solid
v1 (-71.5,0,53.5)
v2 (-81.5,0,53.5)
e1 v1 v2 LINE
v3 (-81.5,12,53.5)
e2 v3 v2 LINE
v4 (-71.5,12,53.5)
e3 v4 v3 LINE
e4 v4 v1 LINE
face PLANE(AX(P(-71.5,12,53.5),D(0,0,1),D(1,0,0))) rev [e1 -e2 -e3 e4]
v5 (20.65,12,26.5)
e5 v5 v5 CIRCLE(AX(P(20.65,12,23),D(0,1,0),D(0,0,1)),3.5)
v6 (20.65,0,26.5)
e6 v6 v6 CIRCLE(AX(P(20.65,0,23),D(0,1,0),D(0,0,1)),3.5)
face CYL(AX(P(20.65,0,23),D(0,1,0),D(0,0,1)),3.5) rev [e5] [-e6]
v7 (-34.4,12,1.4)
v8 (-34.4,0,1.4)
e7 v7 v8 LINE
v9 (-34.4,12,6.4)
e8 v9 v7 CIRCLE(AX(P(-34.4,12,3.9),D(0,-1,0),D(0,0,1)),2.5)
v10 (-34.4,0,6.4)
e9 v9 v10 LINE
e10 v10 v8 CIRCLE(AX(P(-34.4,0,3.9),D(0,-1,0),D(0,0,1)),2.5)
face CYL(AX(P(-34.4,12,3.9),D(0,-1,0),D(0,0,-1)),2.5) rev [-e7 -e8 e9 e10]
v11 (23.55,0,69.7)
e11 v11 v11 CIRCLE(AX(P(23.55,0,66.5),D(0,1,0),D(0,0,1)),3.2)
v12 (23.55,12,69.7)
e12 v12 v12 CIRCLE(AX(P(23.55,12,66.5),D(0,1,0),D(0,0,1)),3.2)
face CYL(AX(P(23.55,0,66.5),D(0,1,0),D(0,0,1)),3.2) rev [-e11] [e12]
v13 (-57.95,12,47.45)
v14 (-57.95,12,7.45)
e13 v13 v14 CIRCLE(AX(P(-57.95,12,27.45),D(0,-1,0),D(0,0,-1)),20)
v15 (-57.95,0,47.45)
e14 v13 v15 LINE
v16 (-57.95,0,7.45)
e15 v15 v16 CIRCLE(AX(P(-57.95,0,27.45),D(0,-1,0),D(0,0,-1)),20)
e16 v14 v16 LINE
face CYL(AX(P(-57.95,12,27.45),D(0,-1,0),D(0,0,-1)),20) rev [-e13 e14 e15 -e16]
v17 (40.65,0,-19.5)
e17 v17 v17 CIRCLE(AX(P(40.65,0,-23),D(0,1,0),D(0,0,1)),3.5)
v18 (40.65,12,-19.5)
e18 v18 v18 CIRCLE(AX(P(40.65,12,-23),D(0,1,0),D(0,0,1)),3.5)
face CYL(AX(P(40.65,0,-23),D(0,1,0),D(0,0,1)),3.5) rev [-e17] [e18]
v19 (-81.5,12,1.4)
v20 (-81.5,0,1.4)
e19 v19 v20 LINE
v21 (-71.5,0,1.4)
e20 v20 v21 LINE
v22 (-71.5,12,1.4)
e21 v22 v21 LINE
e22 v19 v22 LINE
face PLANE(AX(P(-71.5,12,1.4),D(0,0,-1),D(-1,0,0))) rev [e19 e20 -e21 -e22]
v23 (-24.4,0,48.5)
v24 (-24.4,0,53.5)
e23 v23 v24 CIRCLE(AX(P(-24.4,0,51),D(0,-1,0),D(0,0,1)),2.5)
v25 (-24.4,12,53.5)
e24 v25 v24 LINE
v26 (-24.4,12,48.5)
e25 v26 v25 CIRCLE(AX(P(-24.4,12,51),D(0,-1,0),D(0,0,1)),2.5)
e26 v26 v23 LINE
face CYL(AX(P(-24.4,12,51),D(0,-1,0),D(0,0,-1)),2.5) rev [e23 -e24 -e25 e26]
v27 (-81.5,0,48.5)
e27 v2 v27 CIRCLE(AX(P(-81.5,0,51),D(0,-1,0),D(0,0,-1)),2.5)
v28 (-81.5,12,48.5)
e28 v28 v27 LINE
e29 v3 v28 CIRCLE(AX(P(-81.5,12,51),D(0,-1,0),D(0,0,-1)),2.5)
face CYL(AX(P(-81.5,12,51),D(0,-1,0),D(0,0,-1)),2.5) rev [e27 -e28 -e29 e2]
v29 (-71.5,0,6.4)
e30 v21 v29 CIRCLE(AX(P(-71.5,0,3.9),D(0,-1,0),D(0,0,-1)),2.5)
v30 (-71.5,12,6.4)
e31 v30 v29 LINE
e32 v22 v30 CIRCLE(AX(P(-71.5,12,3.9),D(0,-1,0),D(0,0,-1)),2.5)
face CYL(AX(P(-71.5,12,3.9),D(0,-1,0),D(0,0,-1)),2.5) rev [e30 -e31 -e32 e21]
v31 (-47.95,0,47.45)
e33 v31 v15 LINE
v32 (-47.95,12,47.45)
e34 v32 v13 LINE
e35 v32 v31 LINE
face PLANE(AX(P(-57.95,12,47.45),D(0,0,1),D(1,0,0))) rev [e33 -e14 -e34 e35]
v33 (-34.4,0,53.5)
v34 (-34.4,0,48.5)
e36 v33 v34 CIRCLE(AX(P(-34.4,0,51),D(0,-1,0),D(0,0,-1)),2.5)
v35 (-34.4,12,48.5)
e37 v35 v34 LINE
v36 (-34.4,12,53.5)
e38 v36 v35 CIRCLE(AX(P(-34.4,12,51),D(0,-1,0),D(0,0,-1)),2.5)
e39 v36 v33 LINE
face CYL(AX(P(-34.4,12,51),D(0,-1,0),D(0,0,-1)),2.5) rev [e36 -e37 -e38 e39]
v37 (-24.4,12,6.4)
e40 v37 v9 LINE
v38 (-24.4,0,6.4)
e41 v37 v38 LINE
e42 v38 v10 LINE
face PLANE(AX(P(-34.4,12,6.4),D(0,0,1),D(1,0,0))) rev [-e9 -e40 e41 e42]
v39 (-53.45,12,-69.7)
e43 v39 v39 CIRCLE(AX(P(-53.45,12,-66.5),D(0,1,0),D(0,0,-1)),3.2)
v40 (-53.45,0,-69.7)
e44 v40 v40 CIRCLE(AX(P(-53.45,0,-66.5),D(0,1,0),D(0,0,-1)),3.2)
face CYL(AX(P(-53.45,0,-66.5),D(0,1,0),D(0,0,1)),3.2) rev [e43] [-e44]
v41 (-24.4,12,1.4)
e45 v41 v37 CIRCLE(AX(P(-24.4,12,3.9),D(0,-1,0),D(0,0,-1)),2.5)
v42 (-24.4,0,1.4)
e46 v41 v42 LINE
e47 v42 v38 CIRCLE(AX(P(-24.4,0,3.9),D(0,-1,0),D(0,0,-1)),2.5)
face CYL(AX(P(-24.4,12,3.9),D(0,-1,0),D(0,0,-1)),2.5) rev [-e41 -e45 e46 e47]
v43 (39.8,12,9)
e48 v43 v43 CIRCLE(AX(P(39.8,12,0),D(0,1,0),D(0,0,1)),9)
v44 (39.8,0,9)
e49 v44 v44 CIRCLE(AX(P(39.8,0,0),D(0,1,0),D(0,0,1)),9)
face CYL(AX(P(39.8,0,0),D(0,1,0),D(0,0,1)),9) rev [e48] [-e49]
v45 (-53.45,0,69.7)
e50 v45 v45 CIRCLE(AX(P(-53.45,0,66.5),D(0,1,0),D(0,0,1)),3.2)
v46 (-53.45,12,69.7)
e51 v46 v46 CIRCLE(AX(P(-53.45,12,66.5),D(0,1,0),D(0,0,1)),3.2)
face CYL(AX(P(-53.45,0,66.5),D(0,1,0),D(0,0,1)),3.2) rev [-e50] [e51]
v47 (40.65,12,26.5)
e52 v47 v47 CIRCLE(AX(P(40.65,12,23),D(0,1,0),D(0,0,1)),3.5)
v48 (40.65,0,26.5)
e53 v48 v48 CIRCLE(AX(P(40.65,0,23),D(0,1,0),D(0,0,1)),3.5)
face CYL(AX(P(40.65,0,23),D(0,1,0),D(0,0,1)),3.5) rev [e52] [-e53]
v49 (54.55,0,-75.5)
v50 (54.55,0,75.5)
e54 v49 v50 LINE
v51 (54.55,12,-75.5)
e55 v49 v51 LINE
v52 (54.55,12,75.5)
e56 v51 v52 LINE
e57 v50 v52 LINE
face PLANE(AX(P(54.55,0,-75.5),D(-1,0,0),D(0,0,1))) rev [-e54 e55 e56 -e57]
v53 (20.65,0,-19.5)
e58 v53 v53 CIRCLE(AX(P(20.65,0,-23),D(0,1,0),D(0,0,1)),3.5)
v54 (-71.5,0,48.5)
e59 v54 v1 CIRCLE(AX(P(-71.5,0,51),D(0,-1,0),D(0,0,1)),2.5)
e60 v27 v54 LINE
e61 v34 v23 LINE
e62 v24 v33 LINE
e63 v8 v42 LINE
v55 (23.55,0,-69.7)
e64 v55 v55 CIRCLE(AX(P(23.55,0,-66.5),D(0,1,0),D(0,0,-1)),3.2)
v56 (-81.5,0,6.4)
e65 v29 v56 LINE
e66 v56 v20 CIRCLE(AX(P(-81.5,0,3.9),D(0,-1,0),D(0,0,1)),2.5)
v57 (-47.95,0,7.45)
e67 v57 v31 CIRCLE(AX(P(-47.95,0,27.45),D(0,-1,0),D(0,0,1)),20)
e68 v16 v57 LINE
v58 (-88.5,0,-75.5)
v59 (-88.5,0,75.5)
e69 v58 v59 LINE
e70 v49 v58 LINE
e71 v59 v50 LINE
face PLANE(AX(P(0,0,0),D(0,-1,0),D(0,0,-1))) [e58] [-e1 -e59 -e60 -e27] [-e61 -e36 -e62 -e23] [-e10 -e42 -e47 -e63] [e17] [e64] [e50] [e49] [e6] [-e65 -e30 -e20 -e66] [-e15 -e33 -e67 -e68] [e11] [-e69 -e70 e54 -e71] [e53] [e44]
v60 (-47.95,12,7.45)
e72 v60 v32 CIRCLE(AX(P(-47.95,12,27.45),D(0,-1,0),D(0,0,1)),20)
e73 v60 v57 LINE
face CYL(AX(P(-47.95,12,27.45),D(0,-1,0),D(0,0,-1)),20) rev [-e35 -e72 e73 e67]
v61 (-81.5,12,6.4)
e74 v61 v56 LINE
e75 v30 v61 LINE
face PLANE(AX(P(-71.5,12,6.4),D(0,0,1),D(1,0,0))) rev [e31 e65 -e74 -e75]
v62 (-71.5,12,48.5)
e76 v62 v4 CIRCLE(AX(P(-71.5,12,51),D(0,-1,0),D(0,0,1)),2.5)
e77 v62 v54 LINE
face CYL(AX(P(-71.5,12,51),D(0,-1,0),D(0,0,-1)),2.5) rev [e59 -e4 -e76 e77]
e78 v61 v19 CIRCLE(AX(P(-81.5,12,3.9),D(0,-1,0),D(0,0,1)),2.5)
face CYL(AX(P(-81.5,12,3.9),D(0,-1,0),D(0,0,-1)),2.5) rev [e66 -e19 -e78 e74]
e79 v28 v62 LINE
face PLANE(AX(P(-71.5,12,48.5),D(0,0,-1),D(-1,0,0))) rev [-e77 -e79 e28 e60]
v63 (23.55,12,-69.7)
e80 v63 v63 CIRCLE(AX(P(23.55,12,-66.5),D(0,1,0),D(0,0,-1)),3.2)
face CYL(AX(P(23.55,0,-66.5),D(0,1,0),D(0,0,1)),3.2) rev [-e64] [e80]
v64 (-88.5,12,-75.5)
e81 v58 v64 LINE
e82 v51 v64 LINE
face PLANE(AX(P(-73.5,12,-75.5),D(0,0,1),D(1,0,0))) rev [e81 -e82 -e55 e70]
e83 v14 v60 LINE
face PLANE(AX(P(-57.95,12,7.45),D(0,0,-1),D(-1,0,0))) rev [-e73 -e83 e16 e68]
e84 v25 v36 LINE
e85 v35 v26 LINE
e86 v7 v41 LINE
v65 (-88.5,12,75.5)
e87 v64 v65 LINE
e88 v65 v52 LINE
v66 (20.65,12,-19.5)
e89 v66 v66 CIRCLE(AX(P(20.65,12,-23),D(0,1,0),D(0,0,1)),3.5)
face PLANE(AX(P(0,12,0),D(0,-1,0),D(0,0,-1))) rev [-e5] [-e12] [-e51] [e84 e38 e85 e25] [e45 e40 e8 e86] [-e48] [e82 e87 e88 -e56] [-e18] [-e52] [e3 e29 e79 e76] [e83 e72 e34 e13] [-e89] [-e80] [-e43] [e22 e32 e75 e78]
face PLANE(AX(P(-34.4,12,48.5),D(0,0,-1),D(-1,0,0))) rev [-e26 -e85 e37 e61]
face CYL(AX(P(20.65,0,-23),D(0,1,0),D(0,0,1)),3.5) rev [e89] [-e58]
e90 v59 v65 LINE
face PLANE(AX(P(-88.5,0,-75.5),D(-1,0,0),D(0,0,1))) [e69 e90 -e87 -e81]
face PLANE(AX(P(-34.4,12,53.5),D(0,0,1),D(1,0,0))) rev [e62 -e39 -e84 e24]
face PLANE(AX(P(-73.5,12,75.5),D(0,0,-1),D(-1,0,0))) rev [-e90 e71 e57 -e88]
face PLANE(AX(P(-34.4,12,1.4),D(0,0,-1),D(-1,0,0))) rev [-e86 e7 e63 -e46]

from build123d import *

# Parameters (mm, degrees)
SKETCH1_W           = 147
SKETCH1_H           = 151
BOSS_EXTRUDE1_DEPTH = 12
SKETCH2_R           = 9
SKETCH2_R_2         = 3.5
CUT_EXTRUDE1_DEPTH  = 13
SKETCH6_W           = 15
SKETCH6_H           = 151
BOSS_EXTRUDE2_DEPTH = 12
CUT_EXTRUDE3_DEPTH  = 13
SKETCH5_W           = 18.95
SKETCH5_H           = 151
CUT_EXTRUDE4_DEPTH  = 13
SKETCH7_R           = 3.2
CUT_EXTRUDE5_DEPTH  = 13


with BuildPart() as part:
    # Sketch1 → Boss-Extrude1 (new body)
    with BuildSketch(Plane(origin=(0, 0, 0), x_dir=(1, 0, 0), z_dir=(0, 1, 0))):
        Rectangle(SKETCH1_W, SKETCH1_H)
    extrude(amount=BOSS_EXTRUDE1_DEPTH)

    # Sketch2 → Cut-Extrude1 (cut, through all)
    with BuildSketch(Plane(origin=(0, 12, 0), x_dir=(1, 0, 0), z_dir=(0, 1, 0))):
        with Locations((39.8, 0)):
            Circle(SKETCH2_R)
        with Locations((20.65, -23)):
            Circle(SKETCH2_R_2)
        with Locations((40.65, -23)):
            Circle(SKETCH2_R_2)
        with Locations((40.65, 23)):
            Circle(SKETCH2_R_2)
        with Locations((20.65, 23)):
            Circle(SKETCH2_R_2)
    extrude(amount=-CUT_EXTRUDE1_DEPTH, mode=Mode.SUBTRACT)

    # Sketch6 → Boss-Extrude2 (add)
    with BuildSketch(Plane(origin=(0, 12, 0), x_dir=(1, 0, 0), z_dir=(0, 1, 0))):
        with Locations((-81, 0)):
            Rectangle(SKETCH6_W, SKETCH6_H)
    extrude(amount=-BOSS_EXTRUDE2_DEPTH)

    # Sketch4 → Cut-Extrude3 (cut, through all)
    with BuildSketch(Plane.XZ):
        with BuildLine():
            Line((-71.5, 53.5), (-81.5, 53.5))
            ThreePointArc((-81.5, 53.5), (-84, 51), (-81.5, 48.5))
            Line((-81.5, 48.5), (-71.5, 48.5))
            ThreePointArc((-71.5, 48.5), (-69, 51), (-71.5, 53.5))
        make_face()
        with BuildLine():
            Line((-71.5, 6.4), (-81.5, 6.4))
            ThreePointArc((-81.5, 6.4), (-84, 3.9), (-81.5, 1.4))
            Line((-81.5, 1.4), (-71.5, 1.4))
            ThreePointArc((-71.5, 1.4), (-69, 3.9), (-71.5, 6.4))
        make_face()
        with BuildLine():
            Line((-57.95, 47.45), (-47.95, 47.45))
            ThreePointArc((-47.95, 47.45), (-27.95, 27.45), (-47.95, 7.45))
            Line((-47.95, 7.45), (-57.95, 7.45))
            ThreePointArc((-57.95, 7.45), (-77.95, 27.45), (-57.95, 47.45))
        make_face()
        with BuildLine():
            Line((-34.4, 1.4), (-24.4, 1.4))
            ThreePointArc((-24.4, 1.4), (-21.9, 3.9), (-24.4, 6.4))
            Line((-24.4, 6.4), (-34.4, 6.4))
            ThreePointArc((-34.4, 6.4), (-36.9, 3.9), (-34.4, 1.4))
        make_face()
        with BuildLine():
            Line((-34.4, 48.5), (-24.4, 48.5))
            ThreePointArc((-24.4, 48.5), (-21.9, 51), (-24.4, 53.5))
            Line((-24.4, 53.5), (-34.4, 53.5))
            ThreePointArc((-34.4, 53.5), (-36.9, 51), (-34.4, 48.5))
        make_face()
    extrude(amount=-CUT_EXTRUDE3_DEPTH, mode=Mode.SUBTRACT)

    # Sketch5 → Cut-Extrude4 (cut, through all)
    with BuildSketch(Plane(origin=(0, 12, 0), x_dir=(1, 0, 0), z_dir=(0, 1, 0))):
        with Locations((64.025, 0)):
            Rectangle(SKETCH5_W, SKETCH5_H)
    extrude(amount=-CUT_EXTRUDE4_DEPTH, mode=Mode.SUBTRACT)

    # Sketch7 → Cut-Extrude5 (cut, through all)
    with BuildSketch(Plane(origin=(0, 12, 0), x_dir=(1, 0, 0), z_dir=(0, 1, 0))):
        with Locations((23.55, -66.5)):
            Circle(SKETCH7_R)
        with Locations((-53.45, -66.5)):
            Circle(SKETCH7_R)
        with Locations((-53.45, 66.5)):
            Circle(SKETCH7_R)
        with Locations((23.55, 66.5)):
            Circle(SKETCH7_R)
    extrude(amount=-CUT_EXTRUDE5_DEPTH, mode=Mode.SUBTRACT)


solid = part.part
